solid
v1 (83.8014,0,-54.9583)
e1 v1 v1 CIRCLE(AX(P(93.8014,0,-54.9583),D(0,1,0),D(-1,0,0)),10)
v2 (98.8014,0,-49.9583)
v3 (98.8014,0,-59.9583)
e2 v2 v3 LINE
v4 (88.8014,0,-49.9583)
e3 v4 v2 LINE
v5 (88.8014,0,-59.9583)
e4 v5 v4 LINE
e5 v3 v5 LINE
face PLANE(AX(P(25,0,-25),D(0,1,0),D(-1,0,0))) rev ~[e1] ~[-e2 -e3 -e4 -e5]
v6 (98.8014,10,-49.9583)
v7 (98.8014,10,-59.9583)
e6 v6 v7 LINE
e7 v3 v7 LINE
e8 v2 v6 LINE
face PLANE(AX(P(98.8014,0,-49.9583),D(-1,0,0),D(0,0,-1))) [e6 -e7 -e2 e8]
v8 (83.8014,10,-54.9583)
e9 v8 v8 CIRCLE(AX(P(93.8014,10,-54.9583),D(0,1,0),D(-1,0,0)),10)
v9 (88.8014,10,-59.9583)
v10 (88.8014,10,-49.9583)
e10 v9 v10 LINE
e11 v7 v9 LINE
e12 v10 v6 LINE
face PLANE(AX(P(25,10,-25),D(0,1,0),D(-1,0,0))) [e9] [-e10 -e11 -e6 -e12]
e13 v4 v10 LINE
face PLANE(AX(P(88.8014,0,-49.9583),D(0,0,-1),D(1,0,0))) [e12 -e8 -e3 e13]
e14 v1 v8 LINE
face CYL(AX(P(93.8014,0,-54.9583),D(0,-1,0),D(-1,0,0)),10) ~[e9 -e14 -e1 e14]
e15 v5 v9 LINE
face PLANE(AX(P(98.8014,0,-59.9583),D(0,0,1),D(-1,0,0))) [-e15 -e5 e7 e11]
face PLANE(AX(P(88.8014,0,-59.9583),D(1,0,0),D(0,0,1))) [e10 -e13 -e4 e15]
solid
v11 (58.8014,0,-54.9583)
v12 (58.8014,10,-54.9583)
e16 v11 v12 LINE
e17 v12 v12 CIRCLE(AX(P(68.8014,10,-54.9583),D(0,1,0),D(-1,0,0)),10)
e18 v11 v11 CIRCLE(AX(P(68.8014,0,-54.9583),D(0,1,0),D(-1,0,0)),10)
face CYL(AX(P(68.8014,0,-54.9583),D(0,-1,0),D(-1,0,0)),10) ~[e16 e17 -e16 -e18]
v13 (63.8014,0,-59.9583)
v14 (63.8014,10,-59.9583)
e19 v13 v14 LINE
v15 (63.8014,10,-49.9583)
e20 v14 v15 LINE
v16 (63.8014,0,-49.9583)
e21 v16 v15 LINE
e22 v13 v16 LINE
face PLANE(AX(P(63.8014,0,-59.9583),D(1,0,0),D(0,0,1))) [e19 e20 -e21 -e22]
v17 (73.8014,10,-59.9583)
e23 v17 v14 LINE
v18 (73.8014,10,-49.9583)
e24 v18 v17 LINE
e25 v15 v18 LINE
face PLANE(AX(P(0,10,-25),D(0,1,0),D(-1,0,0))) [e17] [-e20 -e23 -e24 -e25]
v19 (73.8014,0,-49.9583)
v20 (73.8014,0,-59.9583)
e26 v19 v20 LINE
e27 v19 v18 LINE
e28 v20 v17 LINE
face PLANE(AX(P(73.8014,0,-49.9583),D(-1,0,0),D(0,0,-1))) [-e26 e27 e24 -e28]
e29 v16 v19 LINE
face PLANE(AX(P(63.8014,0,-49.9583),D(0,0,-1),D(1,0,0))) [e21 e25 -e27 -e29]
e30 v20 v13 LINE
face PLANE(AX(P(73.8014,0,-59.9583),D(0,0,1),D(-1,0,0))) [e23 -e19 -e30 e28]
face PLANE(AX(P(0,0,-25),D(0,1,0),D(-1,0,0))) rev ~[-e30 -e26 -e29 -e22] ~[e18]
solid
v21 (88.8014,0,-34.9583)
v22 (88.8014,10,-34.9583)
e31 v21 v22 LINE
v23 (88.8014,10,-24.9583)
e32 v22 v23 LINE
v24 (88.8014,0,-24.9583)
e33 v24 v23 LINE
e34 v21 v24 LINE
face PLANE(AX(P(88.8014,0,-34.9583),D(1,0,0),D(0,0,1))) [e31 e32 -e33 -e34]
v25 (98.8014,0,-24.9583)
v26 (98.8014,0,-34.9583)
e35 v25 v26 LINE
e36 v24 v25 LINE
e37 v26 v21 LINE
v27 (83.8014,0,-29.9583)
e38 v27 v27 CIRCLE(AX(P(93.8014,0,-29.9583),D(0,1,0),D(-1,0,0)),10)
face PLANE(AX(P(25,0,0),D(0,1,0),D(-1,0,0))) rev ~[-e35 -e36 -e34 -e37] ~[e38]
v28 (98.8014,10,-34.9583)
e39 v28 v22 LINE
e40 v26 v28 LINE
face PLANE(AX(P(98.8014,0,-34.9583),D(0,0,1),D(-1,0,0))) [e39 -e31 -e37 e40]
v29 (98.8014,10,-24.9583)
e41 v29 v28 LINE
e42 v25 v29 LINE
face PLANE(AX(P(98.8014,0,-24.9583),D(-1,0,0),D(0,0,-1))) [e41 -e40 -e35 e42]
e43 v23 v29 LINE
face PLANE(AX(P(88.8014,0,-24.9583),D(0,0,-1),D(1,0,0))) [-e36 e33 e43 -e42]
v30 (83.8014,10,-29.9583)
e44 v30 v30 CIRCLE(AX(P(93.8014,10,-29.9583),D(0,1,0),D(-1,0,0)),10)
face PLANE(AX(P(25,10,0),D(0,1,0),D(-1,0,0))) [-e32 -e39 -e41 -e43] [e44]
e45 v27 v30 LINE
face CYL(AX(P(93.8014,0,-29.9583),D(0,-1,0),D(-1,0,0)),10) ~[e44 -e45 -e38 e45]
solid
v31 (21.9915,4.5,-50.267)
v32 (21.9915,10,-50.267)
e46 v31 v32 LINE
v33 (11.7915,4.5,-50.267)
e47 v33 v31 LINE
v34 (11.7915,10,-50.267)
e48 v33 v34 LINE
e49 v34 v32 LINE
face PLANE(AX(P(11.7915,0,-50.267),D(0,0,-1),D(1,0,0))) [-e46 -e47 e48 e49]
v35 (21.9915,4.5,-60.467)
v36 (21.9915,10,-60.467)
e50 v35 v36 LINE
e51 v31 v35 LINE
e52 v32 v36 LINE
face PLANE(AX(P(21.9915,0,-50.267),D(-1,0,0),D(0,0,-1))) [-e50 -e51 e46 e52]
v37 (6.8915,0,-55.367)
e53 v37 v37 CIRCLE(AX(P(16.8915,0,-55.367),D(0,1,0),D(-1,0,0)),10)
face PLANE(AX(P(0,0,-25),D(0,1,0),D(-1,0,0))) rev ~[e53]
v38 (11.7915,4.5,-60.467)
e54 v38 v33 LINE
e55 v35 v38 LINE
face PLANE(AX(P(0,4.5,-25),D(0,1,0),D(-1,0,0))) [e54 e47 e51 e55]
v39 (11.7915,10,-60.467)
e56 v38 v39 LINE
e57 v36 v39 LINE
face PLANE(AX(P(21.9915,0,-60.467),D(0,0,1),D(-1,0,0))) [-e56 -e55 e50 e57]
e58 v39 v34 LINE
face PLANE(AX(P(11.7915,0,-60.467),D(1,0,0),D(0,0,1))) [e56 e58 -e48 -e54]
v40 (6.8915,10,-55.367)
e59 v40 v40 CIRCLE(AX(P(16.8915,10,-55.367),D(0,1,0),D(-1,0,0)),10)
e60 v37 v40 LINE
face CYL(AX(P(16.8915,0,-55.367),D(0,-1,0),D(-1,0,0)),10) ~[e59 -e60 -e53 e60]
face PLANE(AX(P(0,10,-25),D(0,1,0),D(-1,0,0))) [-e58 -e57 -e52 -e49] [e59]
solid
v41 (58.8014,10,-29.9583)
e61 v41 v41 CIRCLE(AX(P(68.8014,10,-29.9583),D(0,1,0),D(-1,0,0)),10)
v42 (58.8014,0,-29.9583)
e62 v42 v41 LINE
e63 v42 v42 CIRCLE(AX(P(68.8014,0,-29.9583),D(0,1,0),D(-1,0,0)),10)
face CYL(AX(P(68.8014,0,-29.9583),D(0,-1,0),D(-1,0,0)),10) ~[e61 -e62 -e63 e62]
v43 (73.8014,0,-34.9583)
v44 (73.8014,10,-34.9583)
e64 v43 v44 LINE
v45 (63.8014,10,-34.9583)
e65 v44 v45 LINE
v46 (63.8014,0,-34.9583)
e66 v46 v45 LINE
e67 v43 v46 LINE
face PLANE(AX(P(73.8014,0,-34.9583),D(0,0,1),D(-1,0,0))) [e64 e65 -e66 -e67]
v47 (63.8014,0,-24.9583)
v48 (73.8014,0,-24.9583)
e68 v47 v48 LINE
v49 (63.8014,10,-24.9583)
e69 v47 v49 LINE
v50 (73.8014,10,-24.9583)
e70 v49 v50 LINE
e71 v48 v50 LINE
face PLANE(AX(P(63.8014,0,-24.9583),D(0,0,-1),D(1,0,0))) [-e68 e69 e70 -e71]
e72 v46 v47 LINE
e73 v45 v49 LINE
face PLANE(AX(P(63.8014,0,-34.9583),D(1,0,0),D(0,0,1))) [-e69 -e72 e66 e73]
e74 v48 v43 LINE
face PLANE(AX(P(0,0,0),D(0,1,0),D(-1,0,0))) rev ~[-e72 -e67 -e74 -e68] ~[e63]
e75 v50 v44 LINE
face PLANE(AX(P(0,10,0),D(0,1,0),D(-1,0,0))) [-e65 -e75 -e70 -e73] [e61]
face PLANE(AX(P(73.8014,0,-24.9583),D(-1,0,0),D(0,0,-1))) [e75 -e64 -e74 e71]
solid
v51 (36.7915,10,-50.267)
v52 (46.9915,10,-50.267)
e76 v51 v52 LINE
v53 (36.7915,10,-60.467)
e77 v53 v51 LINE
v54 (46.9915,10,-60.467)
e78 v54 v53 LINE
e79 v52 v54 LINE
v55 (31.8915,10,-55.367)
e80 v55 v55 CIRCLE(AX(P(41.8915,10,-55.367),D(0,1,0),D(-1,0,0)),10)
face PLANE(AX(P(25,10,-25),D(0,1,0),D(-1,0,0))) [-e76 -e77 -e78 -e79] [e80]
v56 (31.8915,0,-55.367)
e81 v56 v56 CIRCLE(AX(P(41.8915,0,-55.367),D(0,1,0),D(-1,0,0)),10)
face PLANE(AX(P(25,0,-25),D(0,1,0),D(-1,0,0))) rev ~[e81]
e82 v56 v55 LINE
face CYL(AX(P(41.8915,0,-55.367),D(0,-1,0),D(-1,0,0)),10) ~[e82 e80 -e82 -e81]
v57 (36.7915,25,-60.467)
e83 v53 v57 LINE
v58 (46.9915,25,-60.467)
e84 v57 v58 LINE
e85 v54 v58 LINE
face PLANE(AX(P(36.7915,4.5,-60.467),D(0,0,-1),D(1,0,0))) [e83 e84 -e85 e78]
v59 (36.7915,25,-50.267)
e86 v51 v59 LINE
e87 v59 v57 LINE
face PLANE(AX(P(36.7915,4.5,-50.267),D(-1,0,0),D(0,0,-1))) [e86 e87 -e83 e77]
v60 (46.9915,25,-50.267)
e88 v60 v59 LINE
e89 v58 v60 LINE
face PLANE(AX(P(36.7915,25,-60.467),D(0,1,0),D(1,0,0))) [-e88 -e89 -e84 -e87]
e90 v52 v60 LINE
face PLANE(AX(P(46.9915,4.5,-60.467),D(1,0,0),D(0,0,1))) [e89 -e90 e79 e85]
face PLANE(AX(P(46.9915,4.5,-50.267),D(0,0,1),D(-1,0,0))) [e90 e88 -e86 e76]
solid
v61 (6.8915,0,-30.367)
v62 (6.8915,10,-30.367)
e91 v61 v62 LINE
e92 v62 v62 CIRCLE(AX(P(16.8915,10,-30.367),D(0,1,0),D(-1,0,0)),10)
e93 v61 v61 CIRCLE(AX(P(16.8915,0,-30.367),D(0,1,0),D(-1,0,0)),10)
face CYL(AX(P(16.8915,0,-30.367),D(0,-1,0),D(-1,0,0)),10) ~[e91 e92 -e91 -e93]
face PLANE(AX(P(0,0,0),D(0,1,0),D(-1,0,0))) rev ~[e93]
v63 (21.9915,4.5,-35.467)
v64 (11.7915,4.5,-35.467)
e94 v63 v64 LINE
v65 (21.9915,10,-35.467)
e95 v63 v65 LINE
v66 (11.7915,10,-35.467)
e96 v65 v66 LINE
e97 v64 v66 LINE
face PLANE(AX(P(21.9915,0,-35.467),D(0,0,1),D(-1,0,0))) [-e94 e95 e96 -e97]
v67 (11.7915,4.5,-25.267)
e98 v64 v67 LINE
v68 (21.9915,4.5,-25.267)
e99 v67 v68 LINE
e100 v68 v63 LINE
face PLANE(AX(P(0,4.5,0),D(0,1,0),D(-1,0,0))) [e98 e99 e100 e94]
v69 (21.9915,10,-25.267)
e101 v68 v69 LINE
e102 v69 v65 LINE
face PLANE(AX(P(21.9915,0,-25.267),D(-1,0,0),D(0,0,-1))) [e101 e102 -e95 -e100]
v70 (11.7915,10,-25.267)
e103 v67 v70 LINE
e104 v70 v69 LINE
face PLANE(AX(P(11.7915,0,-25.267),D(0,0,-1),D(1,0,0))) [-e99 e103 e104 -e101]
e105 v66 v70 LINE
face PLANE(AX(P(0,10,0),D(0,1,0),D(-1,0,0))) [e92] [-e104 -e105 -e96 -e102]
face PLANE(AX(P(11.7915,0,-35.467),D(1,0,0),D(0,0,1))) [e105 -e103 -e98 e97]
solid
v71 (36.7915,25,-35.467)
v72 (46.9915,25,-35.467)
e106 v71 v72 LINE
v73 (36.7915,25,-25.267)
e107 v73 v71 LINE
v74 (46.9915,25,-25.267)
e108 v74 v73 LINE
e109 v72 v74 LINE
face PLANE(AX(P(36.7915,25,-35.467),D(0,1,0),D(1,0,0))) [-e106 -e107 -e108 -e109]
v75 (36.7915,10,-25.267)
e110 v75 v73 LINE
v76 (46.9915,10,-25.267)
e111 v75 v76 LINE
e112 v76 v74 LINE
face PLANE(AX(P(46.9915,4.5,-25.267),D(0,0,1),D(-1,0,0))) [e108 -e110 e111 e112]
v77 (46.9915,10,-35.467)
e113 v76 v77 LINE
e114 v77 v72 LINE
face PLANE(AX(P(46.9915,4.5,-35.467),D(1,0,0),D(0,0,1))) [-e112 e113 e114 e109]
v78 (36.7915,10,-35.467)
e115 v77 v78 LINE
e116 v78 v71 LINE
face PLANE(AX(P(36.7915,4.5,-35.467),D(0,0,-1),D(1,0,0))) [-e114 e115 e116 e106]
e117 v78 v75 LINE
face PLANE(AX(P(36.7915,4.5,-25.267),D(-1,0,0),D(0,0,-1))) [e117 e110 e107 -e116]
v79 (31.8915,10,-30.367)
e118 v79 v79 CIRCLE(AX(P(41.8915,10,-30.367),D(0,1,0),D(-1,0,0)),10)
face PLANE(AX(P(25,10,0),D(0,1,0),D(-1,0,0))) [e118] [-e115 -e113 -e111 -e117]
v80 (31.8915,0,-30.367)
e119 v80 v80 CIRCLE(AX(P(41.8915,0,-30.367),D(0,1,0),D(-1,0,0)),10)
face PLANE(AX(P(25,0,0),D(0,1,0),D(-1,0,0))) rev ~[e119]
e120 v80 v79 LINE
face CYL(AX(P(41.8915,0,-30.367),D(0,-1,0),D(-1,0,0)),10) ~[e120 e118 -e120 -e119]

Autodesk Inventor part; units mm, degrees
ref_plane "YZ Plane" through (0, 0, 0) normal (1, 0, 0) x (0, 1, 0)
ref_plane "XZ Plane" through (0, 0, 0) normal (0, 1, 0) x (-1, 0, 0)
ref_plane "XY Plane" through (0, 0, 0) normal (0, 0, 1) x (1, 0, 0)
sketch "草圖1" plane through (0, 0, 0) normal (0, 1, 0) x (-1, 0, 0)
  line L0 (0, 0) -> (-120, 0)
  line L1 (-120, 0) -> (-120, -120)
  line L2 (-120, -120) -> (0, -120)
  line L3 (0, -120) -> (0, 0)
  dimension "d0" = 120
  dimension "d1" = 120
sketch "草圖2" plane through (0, 0, 0) normal (0, 1, 0) x (-1, 0, 0)
  line L0 (-11.7915, -25.267) -> (-21.9915, -25.267)
  line L1 (-21.9915, -25.267) -> (-21.9915, -35.467)
  line L2 (-21.9915, -35.467) -> (-11.7915, -35.467)
  line L3 (-11.7915, -35.467) -> (-11.7915, -25.267)
  circle A0 centre (-16.8915, -30.367) radius 10
  point P0 (0, 0)
  dimension "d11" = 10.2
  dimension "d12" = 10.2
  dimension "d13" = 20
extrude "擠出1" add sketch "草圖2" along normal blind 10
extrude "擠出2" add sketch "草圖2" along normal blind 4.5 contours L3 L2 L1 L0
pattern_linear "矩形陣列1" count 2 spacing 25 along (0, 0, -1) count 2 spacing 25 along (1, 0, 0) of "擠出1", "擠出2"
sketch "草圖3" plane through (0, 0, 0) normal (0, 1, 0) x (-1, 0, 0)
  circle A0 centre (-68.8014, -29.9583) radius 10
  line L0 (-63.8014, -24.9583) -> (-73.8014, -24.9583)
  line L1 (-73.8014, -24.9583) -> (-73.8014, -34.9583)
  line L2 (-73.8014, -34.9583) -> (-63.8014, -34.9583)
  line L3 (-63.8014, -34.9583) -> (-63.8014, -24.9583)
  line L4 (-63.8014, -24.9583) -> (-73.8014, -34.9583) construction
  line L5 (-73.8014, -24.9583) -> (-63.8014, -34.9583) construction
  point P0 (0, 0)
  dimension "d32" = 20
  dimension "d33" = 10
  dimension "d34" = 10
extrude "擠出3" add sketch "草圖3" along normal blind 10
pattern_linear "矩形陣列2" count 2 spacing 25 along (0, 0, -1) count 2 spacing 25 along (1, 0, 0) of "擠出3"
sketch "草圖4" plane through (36.7915, 4.5, -60.467) normal (0, 1, 0) x (1, 0, 0)
  line L0 (0, -10.2) -> (0, 0) projected
  line L1 (10.2, 0) -> (10.2, -10.2) projected
  line L2 (0, 0) -> (10.2, 0)
  line L3 (10.2, 0) -> (10.2, -10.2)
  line L4 (10.2, -10.2) -> (0, -10.2)
  line L5 (0, -10.2) -> (0, 0)
  point P0 (-36.7915, -60.467)
extrude "擠出4" add sketch "草圖4" along normal blind 20.5
sketch "草圖5" plane through (36.7915, 10, -50.267) normal (0, 0, 1) x (1, 0, 0)
  point P0 (-36.7915, -10)
sketch "草圖6" plane through (36.7915, 4.5, -35.467) normal (1, 0, 0) x (0, 0, -1)
  point P0 (-35.467, -4.5)
pattern_linear "矩形陣列3" count 2 spacing 25 along (0, 0, 1) of "擠出4"
properties part number "print1030_1"
